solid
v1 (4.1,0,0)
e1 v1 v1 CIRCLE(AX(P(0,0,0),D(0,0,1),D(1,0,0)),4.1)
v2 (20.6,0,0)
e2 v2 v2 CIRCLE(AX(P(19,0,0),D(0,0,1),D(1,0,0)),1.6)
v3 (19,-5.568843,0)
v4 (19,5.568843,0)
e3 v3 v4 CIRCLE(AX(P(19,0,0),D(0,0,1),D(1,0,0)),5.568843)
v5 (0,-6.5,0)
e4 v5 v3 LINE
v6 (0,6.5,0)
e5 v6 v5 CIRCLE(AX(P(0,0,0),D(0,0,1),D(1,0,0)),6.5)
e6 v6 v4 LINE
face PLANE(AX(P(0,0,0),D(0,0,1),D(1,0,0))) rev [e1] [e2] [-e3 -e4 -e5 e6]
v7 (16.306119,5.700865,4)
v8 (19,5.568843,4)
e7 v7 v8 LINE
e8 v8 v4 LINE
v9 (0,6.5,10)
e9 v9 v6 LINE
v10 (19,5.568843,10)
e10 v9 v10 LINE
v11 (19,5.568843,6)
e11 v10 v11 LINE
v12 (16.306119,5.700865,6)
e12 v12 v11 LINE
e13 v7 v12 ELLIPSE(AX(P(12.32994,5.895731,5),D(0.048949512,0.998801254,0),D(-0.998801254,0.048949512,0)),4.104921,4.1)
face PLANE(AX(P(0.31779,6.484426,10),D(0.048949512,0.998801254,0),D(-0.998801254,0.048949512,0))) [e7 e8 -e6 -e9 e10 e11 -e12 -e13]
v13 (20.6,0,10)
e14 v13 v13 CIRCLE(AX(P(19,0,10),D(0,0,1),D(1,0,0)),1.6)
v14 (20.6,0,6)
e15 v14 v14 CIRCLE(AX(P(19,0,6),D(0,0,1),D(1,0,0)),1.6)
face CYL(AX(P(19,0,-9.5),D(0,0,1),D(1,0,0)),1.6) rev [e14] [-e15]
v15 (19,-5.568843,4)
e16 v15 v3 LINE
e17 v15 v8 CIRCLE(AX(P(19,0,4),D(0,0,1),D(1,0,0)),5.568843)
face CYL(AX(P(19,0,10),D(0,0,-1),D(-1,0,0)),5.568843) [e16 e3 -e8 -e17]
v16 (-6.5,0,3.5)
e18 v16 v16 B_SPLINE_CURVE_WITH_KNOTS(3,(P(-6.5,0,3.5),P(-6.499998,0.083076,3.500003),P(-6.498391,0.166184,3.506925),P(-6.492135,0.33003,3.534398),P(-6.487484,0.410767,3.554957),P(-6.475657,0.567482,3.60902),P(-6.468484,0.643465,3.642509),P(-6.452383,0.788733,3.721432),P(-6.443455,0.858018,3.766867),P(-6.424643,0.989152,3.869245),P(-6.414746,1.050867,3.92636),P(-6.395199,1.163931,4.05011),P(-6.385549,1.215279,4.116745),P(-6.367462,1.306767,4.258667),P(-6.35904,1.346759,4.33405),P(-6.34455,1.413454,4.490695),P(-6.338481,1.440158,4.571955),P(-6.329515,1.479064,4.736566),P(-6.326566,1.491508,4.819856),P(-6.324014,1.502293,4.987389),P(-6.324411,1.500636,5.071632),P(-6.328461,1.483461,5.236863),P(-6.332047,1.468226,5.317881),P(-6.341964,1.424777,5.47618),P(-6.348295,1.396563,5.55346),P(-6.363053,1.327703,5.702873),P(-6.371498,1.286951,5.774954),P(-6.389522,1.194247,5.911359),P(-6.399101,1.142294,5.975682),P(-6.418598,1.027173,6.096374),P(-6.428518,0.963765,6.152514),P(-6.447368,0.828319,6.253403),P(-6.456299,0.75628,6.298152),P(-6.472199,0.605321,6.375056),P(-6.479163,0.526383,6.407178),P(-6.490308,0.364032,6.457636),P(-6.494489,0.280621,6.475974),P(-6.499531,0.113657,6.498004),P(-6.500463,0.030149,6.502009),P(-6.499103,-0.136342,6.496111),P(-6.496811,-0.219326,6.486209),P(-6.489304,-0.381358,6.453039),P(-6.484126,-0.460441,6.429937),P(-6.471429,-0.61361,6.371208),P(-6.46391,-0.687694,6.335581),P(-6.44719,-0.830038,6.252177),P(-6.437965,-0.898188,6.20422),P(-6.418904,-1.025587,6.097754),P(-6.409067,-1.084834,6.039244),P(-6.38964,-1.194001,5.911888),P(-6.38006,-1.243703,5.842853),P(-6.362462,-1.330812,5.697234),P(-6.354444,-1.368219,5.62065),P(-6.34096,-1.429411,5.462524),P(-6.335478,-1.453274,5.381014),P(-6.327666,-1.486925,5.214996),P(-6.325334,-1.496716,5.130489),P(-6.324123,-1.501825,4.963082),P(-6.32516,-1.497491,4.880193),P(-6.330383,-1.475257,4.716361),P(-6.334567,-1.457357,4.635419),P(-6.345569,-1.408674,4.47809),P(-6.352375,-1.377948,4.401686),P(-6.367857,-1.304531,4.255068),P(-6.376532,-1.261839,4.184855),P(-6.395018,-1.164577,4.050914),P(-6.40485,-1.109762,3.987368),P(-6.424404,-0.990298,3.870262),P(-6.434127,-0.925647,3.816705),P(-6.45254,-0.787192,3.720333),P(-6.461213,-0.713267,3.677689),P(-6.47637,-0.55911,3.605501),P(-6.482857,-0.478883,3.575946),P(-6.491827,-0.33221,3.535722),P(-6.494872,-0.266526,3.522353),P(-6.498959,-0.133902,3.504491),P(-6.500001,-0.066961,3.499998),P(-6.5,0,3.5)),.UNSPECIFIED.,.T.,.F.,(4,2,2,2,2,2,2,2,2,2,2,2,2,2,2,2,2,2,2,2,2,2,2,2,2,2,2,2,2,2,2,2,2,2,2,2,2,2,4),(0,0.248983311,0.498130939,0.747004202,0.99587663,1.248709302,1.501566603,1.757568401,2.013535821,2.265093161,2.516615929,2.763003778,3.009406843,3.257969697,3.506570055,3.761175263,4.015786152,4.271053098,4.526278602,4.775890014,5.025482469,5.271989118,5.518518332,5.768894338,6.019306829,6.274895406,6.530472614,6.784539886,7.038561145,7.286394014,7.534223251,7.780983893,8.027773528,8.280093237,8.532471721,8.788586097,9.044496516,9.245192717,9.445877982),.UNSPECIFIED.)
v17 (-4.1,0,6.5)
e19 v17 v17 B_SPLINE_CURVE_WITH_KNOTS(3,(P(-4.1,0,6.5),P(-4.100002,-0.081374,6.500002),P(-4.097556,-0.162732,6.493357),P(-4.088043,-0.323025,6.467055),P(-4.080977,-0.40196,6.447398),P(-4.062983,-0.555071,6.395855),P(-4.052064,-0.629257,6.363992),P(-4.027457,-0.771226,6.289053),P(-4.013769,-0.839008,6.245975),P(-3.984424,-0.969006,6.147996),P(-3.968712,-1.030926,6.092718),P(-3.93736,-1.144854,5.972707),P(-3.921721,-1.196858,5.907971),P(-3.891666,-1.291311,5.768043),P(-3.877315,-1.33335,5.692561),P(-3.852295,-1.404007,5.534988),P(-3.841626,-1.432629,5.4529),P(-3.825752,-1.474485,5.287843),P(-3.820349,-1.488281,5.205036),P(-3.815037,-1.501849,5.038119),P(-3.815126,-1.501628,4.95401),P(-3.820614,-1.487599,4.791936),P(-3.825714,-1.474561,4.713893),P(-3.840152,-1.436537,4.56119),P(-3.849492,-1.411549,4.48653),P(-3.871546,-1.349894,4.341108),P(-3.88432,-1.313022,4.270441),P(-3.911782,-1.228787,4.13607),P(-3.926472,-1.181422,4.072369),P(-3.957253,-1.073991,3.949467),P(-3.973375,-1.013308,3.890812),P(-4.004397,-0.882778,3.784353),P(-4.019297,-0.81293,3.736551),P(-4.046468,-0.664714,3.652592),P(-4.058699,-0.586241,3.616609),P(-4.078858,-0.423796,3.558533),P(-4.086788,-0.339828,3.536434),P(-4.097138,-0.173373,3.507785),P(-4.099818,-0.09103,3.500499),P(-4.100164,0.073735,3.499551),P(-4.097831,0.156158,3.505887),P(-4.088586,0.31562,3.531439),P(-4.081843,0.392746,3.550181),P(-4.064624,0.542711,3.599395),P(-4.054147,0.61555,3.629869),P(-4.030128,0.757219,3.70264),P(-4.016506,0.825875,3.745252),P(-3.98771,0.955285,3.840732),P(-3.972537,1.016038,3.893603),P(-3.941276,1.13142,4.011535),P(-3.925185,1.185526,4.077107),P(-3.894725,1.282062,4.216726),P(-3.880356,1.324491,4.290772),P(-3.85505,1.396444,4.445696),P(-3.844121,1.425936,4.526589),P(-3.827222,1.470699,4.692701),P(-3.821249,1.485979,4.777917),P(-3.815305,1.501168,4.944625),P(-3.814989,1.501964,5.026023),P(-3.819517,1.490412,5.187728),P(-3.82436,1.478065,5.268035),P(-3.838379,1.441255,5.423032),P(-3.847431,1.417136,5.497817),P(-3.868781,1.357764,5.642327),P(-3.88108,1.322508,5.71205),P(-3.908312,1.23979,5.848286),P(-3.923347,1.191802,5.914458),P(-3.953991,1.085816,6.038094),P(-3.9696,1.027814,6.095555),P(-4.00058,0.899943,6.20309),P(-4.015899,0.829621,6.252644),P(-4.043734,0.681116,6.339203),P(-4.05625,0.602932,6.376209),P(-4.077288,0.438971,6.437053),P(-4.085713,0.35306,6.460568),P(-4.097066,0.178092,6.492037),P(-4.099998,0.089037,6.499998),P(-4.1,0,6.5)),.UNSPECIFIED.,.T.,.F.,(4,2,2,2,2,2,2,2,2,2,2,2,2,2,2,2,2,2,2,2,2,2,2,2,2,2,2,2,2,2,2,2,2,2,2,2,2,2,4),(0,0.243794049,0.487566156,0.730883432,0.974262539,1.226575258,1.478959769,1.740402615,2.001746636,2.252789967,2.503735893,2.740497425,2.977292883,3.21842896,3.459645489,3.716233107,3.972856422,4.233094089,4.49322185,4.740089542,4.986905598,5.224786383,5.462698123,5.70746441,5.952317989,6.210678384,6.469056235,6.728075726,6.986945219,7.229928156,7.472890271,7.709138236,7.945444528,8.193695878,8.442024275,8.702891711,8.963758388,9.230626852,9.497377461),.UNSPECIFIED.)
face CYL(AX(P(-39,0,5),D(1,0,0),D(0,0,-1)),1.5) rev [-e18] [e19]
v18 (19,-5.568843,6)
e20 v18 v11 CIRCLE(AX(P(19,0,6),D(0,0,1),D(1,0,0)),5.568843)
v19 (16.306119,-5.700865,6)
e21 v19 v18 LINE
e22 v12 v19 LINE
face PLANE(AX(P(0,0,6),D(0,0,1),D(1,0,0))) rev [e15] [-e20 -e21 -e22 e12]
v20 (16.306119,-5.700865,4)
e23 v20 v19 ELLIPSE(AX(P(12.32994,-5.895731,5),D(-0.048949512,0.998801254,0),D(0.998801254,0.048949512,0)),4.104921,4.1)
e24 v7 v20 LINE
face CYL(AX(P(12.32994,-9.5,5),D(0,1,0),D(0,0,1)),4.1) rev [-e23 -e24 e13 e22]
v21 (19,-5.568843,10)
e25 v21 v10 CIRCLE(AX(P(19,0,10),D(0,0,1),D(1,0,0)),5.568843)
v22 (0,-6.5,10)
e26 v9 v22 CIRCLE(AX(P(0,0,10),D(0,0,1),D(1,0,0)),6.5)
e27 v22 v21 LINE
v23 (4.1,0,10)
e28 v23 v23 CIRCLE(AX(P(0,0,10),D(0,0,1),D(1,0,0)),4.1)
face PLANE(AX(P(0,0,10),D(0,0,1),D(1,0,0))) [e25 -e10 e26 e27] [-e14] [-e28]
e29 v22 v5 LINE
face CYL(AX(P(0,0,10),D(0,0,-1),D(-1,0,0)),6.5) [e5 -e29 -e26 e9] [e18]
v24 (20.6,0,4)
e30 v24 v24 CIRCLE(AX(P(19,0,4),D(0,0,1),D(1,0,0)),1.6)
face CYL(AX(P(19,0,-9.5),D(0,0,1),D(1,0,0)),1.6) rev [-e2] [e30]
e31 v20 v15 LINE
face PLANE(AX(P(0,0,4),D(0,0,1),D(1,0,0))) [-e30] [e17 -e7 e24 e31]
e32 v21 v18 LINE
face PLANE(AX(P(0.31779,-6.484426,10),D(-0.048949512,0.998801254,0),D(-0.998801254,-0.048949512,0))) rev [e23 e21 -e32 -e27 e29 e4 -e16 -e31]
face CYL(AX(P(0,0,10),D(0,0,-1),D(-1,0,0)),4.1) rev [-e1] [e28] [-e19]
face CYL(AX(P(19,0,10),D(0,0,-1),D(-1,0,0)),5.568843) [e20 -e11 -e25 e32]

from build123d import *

# Parameters (mm, degrees)
SKETCH_1_R          = 4.1
EXTRUDE_1_DEPTH     = 10
SKETCH_6_R          = 4.1
CUT_EXTRUDE_2_DEPTH = 9.5
SKETCH_10_W         = 17.049616116
SKETCH_10_H         = 20.362574698
CUT_EXTRUDE_4_DEPTH = 1
SKETCH_11_R         = 1.6
CUT_EXTRUDE_5_DEPTH = 19.5
SKETCH_12_R         = 1.5
CUT_EXTRUDE_6_DEPTH = 39


with BuildPart() as part:
    # 草图1 → 凸台-拉伸1 (new body)
    with BuildSketch(Plane.XY):
        with BuildLine():
            Line((0.635580845, 6.468851288), (0, 6.5))
            ThreePointArc((0, 6.5), (-6.5, 0), (0, -6.5))
            Line((0, -6.5), (0.635580845, -6.468851288))
            Line((0.635580845, -6.468851288), (19, -5.568843046))
            ThreePointArc((19, -5.568843046), (24.568843046, 0), (19, 5.568843046))
            Line((19, 5.568843046), (0.635580845, 6.468851288))
        make_face()
        Circle(SKETCH_1_R, mode=Mode.SUBTRACT)
    extrude(amount=EXTRUDE_1_DEPTH)

    # 草图6 → 切除-拉伸2 (cut, symmetric)
    with BuildSketch(Plane(origin=(0, 0, 0), x_dir=(1, 0, 0), z_dir=(0, 1, 0))):
        with Locations((12.329939964, -5)):
            Circle(SKETCH_6_R)
    extrude(amount=CUT_EXTRUDE_2_DEPTH, both=True, mode=Mode.SUBTRACT)

    # 草图10 → 切除-拉伸4 (cut, symmetric)
    with BuildSketch(Plane.XY.offset(5)):
        with Locations((20.789235985, -0.838548644)):
            Rectangle(SKETCH_10_W, SKETCH_10_H)
    extrude(amount=CUT_EXTRUDE_4_DEPTH, both=True, mode=Mode.SUBTRACT)

    # 草图11 → 切除-拉伸5 (cut, symmetric)
    with BuildSketch(Plane.XY.offset(10)):
        with Locations((19, 0)):
            Circle(SKETCH_11_R)
    extrude(amount=CUT_EXTRUDE_5_DEPTH, both=True, mode=Mode.SUBTRACT)

    # 草图12 → 切除-拉伸6 (cut)
    with BuildSketch(Plane(origin=(0, 0, 0), x_dir=(0, 0, -1), z_dir=(1, 0, 0))):
        with Locations((-5, 0)):
            Circle(SKETCH_12_R)
    extrude(amount=-CUT_EXTRUDE_6_DEPTH, mode=Mode.SUBTRACT)


solid = part.part
